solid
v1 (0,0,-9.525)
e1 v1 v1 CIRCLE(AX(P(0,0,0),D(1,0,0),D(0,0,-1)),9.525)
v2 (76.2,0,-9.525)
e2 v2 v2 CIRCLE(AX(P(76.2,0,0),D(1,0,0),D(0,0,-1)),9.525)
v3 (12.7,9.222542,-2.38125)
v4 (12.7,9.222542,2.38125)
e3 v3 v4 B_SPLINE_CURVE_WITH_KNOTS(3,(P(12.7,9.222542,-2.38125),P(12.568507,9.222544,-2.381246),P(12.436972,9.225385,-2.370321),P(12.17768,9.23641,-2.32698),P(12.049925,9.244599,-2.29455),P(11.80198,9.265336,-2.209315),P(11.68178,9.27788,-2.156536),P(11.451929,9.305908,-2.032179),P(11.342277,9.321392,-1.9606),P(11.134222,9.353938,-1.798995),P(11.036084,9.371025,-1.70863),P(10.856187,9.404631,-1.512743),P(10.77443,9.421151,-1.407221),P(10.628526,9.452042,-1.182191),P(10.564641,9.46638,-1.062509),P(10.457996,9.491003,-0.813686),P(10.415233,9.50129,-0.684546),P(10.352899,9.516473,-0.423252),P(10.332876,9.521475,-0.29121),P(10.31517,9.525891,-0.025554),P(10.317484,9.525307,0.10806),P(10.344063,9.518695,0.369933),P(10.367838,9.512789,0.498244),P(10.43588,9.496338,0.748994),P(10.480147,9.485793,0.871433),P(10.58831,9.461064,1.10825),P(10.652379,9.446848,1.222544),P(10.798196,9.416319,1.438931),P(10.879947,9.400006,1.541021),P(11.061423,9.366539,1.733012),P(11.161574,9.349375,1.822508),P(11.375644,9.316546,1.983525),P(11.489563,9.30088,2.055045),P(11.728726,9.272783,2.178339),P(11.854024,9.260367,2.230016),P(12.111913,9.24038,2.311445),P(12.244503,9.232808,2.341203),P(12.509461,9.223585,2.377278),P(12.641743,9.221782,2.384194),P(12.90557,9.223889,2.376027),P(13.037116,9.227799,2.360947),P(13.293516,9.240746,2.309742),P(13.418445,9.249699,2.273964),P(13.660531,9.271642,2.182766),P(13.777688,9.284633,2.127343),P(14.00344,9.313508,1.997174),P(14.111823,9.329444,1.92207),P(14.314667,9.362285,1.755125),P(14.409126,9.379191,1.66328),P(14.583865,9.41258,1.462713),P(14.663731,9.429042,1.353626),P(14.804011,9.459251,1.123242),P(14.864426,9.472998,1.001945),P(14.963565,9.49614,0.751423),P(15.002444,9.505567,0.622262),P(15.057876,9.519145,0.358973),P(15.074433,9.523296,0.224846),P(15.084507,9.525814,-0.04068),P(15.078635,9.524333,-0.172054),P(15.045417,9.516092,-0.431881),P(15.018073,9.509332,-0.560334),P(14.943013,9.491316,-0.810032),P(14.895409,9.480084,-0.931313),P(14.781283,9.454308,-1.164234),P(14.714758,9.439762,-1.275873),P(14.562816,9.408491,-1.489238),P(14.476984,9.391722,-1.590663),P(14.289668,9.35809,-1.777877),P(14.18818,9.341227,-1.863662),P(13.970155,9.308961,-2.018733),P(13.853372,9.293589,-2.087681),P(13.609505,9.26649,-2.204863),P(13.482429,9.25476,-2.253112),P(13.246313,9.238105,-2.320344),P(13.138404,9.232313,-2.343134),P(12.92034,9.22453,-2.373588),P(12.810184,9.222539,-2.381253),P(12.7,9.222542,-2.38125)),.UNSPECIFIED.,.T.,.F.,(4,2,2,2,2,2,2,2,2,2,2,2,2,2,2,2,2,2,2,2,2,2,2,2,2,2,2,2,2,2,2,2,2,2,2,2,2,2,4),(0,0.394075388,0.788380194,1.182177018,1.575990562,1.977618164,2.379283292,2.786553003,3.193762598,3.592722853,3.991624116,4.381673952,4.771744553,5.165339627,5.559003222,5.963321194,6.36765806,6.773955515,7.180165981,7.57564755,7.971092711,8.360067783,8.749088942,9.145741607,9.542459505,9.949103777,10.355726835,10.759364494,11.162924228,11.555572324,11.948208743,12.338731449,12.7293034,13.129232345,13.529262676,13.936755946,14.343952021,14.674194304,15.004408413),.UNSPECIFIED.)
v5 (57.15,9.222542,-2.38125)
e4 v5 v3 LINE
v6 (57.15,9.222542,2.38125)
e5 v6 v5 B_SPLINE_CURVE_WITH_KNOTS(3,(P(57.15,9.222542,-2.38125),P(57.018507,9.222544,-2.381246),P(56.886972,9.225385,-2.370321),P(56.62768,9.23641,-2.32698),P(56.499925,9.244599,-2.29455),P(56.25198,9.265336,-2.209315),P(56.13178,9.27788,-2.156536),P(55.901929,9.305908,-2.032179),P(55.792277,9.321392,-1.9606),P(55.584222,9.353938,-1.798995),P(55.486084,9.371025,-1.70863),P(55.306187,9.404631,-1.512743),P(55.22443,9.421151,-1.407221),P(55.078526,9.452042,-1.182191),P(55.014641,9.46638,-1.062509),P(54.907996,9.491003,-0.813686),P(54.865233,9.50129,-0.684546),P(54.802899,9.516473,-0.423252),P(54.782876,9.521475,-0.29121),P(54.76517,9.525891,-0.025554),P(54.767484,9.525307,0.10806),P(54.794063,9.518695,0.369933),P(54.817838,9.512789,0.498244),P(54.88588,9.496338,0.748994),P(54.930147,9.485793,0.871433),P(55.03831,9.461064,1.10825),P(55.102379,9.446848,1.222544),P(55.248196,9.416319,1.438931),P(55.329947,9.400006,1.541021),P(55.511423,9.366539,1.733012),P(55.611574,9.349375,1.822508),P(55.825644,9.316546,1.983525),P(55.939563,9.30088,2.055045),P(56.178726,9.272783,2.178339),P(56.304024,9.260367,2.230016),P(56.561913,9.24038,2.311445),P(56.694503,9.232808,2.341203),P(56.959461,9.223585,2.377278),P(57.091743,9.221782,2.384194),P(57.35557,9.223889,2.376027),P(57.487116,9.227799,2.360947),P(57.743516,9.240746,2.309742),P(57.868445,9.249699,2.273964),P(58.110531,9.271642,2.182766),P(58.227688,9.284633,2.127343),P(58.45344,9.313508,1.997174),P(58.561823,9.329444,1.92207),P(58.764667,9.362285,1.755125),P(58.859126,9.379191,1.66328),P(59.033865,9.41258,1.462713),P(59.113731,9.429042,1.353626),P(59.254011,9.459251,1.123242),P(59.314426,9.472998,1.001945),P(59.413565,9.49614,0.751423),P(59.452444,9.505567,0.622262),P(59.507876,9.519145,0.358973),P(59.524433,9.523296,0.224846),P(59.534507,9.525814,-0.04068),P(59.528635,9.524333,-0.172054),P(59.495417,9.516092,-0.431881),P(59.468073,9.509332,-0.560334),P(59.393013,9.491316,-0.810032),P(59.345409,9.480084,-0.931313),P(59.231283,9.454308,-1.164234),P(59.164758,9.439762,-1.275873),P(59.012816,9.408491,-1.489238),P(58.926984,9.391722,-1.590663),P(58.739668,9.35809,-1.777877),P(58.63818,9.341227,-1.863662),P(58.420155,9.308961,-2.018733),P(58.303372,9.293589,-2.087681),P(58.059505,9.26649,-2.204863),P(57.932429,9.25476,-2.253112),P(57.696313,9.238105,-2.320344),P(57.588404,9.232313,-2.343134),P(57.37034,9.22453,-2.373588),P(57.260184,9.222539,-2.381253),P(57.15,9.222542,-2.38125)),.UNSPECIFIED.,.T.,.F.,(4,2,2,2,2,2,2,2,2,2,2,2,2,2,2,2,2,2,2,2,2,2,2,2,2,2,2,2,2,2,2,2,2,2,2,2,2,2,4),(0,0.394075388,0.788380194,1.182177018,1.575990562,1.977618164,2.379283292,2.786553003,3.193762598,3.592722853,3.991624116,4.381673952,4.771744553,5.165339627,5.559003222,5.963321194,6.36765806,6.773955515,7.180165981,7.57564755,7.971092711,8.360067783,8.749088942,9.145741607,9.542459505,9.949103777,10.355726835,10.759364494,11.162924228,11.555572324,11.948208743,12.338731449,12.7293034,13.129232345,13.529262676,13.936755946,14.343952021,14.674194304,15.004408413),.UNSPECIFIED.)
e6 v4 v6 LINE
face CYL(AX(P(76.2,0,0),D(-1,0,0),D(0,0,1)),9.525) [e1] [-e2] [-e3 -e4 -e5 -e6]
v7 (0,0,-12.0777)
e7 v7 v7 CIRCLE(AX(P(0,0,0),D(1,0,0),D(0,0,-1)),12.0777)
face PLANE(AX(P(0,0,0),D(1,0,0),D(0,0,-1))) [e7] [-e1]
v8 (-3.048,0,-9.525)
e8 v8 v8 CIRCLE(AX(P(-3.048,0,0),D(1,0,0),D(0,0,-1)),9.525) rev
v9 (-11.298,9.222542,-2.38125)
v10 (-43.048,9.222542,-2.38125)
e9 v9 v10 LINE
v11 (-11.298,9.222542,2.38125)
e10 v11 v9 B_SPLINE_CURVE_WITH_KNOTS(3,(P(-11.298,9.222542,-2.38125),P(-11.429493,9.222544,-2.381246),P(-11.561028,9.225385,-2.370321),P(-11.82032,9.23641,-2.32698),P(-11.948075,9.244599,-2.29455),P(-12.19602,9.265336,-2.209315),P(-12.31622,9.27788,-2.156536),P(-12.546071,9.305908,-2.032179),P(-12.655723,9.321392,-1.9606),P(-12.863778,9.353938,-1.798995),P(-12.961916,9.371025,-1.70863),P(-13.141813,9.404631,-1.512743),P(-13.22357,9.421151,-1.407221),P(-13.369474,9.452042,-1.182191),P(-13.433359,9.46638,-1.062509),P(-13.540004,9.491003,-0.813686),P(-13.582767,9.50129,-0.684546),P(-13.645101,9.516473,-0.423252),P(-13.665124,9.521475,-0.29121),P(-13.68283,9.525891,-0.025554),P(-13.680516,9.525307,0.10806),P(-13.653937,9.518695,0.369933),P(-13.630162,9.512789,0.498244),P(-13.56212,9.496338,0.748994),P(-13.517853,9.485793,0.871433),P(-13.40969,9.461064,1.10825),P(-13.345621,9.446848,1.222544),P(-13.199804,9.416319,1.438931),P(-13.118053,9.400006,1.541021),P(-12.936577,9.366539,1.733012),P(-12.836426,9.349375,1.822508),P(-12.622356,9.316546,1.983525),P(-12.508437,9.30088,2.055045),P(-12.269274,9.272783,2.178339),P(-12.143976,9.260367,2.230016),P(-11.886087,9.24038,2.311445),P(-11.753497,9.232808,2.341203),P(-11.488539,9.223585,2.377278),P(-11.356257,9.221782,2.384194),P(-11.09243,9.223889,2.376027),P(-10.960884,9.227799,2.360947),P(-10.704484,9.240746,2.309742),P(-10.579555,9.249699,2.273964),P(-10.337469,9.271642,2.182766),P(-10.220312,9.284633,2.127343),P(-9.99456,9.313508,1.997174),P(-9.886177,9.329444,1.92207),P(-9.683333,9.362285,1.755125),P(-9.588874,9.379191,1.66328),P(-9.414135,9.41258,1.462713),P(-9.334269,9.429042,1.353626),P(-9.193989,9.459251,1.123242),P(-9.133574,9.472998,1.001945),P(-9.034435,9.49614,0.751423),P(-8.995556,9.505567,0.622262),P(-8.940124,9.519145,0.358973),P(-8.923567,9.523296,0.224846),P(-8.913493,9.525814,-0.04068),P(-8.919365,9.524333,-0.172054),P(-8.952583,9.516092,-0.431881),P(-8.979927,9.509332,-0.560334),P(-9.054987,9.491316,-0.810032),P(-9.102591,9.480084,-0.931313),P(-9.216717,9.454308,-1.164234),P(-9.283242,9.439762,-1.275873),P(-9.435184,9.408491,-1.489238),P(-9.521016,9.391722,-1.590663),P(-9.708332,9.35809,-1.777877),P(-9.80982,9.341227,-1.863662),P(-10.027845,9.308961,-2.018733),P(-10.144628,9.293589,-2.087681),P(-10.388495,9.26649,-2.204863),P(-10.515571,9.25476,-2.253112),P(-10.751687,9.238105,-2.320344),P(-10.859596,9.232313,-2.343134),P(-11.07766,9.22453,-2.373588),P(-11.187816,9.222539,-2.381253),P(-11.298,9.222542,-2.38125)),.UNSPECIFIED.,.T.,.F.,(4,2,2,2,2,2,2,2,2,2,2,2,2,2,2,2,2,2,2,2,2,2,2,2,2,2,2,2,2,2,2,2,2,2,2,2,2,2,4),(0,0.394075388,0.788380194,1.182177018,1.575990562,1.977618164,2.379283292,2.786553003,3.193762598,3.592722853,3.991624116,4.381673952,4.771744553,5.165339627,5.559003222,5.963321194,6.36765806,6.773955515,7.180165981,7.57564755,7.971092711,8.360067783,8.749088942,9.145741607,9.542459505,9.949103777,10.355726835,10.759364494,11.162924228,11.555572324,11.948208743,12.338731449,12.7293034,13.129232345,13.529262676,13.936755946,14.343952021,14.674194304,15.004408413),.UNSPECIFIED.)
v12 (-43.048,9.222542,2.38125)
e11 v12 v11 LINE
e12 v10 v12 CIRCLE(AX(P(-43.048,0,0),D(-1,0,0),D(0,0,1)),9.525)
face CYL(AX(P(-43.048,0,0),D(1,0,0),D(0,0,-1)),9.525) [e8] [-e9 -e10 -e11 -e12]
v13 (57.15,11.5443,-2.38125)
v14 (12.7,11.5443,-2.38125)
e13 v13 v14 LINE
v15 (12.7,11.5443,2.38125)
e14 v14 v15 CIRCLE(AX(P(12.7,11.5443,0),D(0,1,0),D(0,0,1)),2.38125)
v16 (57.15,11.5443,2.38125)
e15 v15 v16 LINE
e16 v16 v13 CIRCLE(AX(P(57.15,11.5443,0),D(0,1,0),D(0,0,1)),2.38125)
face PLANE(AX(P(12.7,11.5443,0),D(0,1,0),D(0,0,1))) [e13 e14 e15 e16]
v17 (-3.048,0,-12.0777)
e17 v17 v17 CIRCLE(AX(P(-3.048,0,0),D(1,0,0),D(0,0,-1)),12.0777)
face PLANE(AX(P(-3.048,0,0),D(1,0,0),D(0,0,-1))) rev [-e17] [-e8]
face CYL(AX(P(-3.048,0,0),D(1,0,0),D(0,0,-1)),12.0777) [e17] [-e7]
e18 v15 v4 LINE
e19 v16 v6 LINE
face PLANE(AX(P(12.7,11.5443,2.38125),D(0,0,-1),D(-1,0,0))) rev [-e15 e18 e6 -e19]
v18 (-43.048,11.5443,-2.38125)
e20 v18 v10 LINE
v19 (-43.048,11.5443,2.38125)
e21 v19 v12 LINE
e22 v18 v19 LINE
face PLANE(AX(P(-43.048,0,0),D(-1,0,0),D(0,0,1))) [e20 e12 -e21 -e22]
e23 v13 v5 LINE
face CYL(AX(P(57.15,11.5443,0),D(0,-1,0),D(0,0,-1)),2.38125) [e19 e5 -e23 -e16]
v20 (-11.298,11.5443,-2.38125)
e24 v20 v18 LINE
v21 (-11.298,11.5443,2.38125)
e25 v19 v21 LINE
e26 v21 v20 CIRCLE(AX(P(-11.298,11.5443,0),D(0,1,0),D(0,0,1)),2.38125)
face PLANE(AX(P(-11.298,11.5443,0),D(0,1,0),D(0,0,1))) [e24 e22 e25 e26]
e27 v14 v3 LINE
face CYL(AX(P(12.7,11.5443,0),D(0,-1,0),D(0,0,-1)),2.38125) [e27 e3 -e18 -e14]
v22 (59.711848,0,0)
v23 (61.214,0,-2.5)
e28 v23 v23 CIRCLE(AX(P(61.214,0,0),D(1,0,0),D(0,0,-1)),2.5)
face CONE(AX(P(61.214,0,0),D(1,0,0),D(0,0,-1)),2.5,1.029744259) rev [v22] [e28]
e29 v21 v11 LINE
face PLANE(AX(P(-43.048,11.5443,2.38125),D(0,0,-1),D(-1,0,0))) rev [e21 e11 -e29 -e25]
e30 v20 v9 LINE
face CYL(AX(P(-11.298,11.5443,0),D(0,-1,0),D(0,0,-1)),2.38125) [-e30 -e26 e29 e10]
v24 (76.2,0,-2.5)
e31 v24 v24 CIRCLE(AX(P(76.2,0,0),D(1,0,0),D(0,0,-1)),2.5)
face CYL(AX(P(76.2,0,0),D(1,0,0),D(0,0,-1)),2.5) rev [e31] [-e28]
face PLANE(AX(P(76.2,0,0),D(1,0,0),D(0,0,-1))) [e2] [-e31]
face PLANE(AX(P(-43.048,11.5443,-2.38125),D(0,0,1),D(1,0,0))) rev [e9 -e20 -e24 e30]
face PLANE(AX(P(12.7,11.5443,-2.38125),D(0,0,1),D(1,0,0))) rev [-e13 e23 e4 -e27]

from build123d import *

# Parameters (mm, degrees)
SKETCH1_R             = 12.0777
BOSS_EXTRUDE1_DEPTH   = 3.048
SKETCH2_R             = 9.525
BOSS_EXTRUDE2_DEPTH   = 40
SKETCH3_R             = 9.525
BOSS_EXTRUDE3_DEPTH   = 76.2
M6_TAPPED_HOLE1_D     = 5
M6_TAPPED_HOLE1_DEPTH = 14.986
M6_TAPPED_HOLE1_TIP   = 1.502151548
BOSS_EXTRUDE4_DEPTH   = 4.7625


with BuildPart() as part:
    # Sketch1 → Boss-Extrude1 (new body)
    with BuildSketch(Plane(origin=(0, 0, 0), x_dir=(0, 0, -1), z_dir=(1, 0, 0))):
        Circle(SKETCH1_R)
    extrude(amount=-BOSS_EXTRUDE1_DEPTH)

    # Sketch2 → Boss-Extrude2 (add)
    with BuildSketch(Plane.ZY.offset(3.048)):
        Circle(SKETCH2_R)
    extrude(amount=BOSS_EXTRUDE2_DEPTH)

    # Sketch3 → Boss-Extrude3 (add)
    with BuildSketch(Plane(origin=(0, 0, 0), x_dir=(0, 0, -1), z_dir=(1, 0, 0))):
        Circle(SKETCH3_R)
    extrude(amount=BOSS_EXTRUDE3_DEPTH)

    # M6 Tapped Hole1
    with Locations(Plane(origin=(76.2, 0, 0), x_dir=(0, 0, -1), z_dir=(1, 0, 0))):
        with Locations((0, 0)):
            Hole(M6_TAPPED_HOLE1_D / 2, depth=M6_TAPPED_HOLE1_DEPTH)
            with Locations((0, 0, -(M6_TAPPED_HOLE1_DEPTH + M6_TAPPED_HOLE1_TIP / 2))):  # 118° drill point
                Cone(0, M6_TAPPED_HOLE1_D / 2, M6_TAPPED_HOLE1_TIP, mode=Mode.SUBTRACT)

    # Sketch33 → Boss-Extrude4 (add)
    with BuildSketch(Plane(origin=(0, 6.7818, 0), x_dir=(1, 0, 0), z_dir=(0, 1, 0))):
        with BuildLine():
            Line((12.7, 2.38125), (57.15, 2.38125))
            ThreePointArc((57.15, 2.38125), (59.53125, 0), (57.15, -2.38125))
            Line((57.15, -2.38125), (12.7, -2.38125))
            ThreePointArc((12.7, -2.38125), (10.31875, 0), (12.7, 2.38125))
        make_face()
        with BuildLine():
            Line((-43.048, 2.38125), (-11.298, 2.38125))
            ThreePointArc((-11.298, 2.38125), (-8.91675, 0), (-11.298, -2.38125))
            Line((-11.298, -2.38125), (-43.048, -2.38125))
            Line((-43.048, -2.38125), (-43.048, 2.38125))
        make_face()
    extrude(amount=BOSS_EXTRUDE4_DEPTH)


solid = part.part
